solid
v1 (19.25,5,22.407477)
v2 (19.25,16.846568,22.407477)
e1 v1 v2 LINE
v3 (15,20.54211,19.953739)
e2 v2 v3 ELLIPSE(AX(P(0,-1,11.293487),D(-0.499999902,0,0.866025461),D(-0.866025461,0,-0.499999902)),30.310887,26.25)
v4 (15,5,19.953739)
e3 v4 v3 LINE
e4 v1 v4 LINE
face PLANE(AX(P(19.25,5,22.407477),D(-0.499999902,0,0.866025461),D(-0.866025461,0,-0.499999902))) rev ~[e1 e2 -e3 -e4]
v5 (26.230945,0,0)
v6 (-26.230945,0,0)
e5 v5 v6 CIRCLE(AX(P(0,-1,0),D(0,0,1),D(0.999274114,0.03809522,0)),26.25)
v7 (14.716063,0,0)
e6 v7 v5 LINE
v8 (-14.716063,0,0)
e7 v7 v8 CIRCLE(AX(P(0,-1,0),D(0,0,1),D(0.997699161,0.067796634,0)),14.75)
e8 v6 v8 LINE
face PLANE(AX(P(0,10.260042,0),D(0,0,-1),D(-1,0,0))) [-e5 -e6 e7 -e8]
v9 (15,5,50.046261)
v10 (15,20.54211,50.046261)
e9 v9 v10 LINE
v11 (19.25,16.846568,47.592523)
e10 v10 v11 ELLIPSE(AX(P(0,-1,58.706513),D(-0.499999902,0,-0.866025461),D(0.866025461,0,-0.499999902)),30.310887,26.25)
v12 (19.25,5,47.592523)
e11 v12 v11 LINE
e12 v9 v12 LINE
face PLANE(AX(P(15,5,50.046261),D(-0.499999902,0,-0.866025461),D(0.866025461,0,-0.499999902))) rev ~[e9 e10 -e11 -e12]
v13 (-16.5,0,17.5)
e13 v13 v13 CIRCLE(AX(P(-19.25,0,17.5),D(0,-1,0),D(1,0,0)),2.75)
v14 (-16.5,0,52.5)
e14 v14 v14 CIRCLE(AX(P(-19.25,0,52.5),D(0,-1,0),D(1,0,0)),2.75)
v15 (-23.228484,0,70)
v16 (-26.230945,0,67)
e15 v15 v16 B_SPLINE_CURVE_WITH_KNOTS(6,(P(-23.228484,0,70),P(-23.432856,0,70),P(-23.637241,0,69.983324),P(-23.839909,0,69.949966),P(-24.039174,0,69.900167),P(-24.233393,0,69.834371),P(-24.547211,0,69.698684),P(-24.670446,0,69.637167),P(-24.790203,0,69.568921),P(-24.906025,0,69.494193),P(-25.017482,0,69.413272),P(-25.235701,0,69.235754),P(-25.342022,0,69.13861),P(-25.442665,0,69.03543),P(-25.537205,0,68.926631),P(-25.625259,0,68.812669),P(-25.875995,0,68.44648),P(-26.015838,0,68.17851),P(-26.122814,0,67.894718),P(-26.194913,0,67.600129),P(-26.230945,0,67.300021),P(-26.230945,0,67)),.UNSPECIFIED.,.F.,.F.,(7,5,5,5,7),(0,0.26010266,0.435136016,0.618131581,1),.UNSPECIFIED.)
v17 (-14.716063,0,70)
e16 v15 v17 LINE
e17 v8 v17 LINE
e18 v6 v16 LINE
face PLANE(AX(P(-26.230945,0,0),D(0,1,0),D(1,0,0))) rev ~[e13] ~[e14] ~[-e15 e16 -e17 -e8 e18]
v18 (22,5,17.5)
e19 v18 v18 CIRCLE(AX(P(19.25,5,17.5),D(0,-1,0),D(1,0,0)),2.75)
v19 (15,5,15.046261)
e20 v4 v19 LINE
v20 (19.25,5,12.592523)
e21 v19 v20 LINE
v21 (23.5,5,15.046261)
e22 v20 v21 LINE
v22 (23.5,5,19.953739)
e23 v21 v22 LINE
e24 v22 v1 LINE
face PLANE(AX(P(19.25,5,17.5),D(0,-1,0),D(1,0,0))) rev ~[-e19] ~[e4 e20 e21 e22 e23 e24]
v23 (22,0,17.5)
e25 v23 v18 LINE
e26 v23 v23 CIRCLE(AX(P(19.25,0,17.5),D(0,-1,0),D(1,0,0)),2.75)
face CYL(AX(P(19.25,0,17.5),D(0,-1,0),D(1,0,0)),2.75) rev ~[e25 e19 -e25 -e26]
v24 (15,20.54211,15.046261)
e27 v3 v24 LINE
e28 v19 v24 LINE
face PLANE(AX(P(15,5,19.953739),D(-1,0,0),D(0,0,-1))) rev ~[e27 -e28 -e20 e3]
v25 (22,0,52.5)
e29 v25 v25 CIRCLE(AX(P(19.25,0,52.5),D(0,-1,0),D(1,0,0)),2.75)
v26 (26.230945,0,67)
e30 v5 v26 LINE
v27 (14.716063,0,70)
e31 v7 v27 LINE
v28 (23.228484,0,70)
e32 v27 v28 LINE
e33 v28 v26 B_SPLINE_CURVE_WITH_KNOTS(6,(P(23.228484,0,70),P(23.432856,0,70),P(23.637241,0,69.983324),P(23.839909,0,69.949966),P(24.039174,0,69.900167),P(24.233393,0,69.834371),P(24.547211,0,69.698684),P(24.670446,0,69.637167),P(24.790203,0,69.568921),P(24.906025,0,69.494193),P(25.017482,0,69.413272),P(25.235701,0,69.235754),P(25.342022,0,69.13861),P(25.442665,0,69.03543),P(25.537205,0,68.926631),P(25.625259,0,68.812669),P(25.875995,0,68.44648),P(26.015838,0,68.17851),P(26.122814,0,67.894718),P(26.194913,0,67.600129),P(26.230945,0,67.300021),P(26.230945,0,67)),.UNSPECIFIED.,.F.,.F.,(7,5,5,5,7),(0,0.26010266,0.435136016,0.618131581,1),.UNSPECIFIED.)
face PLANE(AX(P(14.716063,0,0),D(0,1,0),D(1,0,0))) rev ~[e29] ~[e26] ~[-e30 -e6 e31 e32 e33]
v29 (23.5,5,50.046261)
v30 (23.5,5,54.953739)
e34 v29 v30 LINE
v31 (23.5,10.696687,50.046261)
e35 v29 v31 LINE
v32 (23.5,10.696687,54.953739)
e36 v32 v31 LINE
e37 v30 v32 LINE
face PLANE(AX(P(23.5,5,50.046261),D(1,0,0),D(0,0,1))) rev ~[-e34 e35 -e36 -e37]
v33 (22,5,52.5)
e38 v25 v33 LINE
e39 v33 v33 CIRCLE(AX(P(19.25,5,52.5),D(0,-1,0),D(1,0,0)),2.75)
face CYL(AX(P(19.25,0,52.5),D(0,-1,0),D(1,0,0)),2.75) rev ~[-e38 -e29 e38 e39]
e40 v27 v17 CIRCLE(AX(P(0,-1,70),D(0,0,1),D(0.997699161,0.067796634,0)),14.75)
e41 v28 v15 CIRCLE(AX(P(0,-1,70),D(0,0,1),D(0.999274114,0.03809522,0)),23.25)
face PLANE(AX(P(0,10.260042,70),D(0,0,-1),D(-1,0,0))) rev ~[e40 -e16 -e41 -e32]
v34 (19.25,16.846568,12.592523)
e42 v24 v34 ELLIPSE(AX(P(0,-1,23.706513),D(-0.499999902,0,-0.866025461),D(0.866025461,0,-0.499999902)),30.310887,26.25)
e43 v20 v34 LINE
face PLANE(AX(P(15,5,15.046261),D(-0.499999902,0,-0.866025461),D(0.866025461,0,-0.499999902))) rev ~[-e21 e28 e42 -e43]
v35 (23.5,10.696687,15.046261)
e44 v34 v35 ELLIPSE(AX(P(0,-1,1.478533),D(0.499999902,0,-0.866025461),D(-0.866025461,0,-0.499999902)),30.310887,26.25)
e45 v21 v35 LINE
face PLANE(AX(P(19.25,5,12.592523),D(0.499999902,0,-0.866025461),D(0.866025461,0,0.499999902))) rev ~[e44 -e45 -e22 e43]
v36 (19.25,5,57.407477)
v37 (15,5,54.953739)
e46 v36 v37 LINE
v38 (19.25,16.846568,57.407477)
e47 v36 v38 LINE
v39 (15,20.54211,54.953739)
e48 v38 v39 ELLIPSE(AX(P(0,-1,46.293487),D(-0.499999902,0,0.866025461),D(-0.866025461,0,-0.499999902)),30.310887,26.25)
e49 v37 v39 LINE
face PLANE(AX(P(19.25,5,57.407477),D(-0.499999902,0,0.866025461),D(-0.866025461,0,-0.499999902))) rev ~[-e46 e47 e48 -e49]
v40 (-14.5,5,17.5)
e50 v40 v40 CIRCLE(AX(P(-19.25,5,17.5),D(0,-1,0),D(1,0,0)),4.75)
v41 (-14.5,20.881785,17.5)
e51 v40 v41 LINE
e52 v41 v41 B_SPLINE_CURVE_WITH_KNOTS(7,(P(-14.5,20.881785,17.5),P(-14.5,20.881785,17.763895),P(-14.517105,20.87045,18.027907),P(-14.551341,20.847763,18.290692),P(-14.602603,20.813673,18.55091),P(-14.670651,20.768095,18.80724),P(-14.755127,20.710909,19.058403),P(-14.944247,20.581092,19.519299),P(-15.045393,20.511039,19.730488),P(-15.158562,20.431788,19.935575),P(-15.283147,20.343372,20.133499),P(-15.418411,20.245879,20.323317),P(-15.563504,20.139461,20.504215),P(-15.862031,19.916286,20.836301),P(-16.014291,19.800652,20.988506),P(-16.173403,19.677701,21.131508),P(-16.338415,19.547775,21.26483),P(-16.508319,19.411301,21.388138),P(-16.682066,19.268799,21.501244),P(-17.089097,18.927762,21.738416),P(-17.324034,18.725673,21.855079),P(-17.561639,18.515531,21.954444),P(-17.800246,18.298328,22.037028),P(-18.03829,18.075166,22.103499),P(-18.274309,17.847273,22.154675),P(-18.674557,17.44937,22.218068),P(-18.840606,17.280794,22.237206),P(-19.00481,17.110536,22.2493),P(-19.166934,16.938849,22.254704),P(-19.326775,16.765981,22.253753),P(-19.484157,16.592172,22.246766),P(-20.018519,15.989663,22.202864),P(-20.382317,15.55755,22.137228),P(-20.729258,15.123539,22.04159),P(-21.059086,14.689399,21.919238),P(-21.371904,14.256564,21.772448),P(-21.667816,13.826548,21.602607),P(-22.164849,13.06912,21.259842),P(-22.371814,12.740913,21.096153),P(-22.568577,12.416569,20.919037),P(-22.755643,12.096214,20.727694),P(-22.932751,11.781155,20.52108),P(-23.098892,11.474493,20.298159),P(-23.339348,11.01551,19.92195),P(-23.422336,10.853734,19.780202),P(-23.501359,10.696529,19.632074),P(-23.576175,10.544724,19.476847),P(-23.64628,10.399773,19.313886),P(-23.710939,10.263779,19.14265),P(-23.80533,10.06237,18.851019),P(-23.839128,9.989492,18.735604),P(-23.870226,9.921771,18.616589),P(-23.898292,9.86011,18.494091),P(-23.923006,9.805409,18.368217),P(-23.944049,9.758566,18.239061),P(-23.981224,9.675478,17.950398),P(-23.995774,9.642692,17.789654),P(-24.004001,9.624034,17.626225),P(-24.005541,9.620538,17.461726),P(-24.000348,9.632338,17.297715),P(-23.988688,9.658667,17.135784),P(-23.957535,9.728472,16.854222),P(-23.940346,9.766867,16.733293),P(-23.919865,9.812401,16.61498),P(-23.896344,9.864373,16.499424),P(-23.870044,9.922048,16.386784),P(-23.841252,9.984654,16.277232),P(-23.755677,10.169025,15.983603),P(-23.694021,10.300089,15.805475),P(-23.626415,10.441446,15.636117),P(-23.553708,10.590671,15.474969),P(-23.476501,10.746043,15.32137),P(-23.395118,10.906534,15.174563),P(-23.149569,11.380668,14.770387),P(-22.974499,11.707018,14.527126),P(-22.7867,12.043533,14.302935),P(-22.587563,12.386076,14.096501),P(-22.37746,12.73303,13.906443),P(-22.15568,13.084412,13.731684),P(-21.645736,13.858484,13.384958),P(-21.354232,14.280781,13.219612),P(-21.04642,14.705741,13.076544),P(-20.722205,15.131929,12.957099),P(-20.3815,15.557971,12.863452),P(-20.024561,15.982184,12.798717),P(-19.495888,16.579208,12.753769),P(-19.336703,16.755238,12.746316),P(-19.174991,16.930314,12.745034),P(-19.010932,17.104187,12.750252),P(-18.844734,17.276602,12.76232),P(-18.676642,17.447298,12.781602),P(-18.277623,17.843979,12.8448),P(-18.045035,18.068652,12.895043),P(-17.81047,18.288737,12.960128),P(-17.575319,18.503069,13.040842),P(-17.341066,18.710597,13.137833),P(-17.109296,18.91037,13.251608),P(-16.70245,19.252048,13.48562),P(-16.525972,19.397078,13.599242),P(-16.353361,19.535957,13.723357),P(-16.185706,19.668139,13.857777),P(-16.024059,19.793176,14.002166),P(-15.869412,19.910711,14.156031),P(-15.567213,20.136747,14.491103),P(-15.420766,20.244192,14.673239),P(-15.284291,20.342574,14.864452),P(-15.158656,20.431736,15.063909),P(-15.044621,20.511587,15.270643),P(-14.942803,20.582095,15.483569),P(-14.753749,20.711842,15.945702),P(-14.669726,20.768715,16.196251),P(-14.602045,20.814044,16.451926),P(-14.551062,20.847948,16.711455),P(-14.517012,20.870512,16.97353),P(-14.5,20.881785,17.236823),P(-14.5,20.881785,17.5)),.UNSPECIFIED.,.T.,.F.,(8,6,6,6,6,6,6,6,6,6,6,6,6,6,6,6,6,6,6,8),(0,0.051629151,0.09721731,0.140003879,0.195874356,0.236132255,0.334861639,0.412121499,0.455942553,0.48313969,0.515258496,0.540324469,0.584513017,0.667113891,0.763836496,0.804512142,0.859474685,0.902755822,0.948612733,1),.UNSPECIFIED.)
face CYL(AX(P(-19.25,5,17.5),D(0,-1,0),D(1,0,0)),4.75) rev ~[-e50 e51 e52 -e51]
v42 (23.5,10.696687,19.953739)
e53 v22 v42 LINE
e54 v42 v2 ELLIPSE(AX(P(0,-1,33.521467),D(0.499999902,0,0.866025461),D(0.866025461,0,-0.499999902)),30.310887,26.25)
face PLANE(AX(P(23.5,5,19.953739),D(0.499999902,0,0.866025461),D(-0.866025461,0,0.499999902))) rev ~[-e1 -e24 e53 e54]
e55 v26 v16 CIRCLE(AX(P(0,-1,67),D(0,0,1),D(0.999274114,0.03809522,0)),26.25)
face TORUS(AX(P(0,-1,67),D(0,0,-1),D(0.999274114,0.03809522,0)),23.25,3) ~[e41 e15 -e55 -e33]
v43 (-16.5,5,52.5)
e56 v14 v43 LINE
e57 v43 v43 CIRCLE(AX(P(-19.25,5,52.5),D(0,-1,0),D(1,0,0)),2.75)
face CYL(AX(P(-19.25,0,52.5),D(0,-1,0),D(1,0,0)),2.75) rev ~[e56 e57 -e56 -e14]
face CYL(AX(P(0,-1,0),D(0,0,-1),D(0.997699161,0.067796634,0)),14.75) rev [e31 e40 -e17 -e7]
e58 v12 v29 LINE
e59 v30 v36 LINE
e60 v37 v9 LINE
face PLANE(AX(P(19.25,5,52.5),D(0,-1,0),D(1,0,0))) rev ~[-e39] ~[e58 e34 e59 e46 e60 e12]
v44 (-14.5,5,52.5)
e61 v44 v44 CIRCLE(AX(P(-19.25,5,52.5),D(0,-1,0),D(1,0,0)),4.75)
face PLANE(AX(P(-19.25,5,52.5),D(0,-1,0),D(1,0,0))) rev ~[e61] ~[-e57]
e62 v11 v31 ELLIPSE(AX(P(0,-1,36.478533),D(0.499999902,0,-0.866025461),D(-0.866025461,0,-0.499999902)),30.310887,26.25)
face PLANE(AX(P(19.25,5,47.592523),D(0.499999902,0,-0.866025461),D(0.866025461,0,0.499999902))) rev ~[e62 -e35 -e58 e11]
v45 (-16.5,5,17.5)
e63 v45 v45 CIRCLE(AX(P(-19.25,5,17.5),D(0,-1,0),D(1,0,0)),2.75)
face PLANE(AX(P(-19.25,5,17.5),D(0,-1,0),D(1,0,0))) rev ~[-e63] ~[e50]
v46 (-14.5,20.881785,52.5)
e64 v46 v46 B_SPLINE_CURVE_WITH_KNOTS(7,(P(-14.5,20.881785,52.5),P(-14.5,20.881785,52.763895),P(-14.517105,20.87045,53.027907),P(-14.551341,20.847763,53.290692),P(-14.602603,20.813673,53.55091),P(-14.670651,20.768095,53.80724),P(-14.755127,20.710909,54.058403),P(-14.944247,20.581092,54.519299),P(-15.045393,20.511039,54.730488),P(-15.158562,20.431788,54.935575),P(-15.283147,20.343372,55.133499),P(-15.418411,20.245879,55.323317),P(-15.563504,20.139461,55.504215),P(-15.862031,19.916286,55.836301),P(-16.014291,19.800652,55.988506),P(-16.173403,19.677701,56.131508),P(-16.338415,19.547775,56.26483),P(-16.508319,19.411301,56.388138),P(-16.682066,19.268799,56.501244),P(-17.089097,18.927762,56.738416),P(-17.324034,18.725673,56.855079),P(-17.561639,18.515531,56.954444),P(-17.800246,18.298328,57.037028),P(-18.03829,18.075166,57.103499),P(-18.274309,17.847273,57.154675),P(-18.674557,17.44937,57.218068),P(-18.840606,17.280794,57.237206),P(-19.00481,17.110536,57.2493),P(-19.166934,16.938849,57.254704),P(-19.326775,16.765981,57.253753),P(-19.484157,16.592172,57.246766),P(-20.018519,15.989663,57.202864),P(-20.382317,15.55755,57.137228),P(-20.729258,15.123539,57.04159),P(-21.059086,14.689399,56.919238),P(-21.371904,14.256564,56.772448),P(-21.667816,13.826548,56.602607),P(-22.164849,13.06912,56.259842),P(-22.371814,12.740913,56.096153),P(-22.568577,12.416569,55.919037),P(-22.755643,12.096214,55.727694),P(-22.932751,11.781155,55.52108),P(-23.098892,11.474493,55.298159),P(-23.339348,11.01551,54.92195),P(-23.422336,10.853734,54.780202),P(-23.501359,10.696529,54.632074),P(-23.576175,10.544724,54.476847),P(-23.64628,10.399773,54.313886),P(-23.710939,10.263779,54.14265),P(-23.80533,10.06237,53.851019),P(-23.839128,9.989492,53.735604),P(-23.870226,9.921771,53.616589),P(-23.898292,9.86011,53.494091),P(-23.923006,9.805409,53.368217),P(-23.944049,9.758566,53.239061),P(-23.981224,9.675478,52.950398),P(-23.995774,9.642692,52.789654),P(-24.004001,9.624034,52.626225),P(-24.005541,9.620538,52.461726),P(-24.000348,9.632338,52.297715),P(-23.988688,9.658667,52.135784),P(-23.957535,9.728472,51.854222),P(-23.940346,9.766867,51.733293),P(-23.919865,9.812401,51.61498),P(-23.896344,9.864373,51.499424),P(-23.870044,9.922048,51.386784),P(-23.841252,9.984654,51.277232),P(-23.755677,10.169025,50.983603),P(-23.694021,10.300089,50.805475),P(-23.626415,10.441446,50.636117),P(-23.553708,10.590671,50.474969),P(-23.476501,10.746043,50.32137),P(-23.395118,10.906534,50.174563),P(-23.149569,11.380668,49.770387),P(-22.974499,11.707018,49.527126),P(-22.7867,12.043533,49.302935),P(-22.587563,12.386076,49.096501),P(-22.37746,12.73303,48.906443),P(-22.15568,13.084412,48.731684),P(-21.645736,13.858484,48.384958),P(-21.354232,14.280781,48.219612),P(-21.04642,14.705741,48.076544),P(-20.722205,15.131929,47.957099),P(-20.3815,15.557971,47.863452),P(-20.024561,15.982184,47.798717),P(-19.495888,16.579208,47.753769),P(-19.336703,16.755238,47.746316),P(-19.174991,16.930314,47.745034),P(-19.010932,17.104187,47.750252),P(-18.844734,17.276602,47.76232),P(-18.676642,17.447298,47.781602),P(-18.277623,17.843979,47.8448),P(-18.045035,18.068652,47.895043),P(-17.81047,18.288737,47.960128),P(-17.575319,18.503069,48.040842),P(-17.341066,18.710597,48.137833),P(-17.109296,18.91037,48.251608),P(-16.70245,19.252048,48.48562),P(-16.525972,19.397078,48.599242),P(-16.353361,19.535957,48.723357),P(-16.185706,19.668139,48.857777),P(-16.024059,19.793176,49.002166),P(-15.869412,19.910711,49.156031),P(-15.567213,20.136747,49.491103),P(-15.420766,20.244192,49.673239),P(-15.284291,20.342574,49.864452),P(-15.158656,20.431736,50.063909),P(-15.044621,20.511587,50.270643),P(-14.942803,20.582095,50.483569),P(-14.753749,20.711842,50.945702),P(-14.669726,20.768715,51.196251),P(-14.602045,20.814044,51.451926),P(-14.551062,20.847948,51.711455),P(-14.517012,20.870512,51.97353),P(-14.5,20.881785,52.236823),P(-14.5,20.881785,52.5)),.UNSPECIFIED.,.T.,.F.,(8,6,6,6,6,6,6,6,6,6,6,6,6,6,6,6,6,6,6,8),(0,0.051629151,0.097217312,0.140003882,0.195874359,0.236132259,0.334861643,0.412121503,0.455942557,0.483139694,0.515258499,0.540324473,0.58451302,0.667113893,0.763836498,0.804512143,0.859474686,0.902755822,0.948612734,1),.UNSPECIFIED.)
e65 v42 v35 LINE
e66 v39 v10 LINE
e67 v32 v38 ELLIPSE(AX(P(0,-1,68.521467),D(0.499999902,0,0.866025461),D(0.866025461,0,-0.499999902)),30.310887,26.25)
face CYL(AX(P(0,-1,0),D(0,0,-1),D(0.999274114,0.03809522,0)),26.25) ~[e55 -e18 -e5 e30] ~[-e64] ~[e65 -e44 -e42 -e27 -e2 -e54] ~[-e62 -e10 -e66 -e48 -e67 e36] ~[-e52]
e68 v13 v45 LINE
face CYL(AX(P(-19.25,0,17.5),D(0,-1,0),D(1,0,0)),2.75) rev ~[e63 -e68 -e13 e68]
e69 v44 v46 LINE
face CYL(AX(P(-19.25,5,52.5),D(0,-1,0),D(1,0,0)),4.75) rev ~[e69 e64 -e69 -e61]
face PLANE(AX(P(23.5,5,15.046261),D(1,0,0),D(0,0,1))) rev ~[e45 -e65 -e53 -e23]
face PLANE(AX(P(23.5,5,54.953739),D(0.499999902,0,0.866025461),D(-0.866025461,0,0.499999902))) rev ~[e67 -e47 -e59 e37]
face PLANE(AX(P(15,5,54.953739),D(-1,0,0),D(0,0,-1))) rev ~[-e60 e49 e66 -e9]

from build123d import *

# Parameters (mm, degrees)
PAD_DEPTH       = 70
SKETCH001_R     = 2.75
POCKET_DEPTH    = 25.251
SKETCH002_R     = 4.75
POCKET001_DEPTH = 20.251
FILLET_R        = 3


with BuildPart() as part:
    # Sketch → Pad (new body)
    with BuildSketch(Plane.XY):
        with BuildLine():
            ThreePointArc((14.716063, 0), (0, 13.75), (-14.716063, 0))
            Line((-26.230945, 0), (-14.716063, 0))
            ThreePointArc((26.230945, 0), (0, 25.25), (-26.230945, 0))
            Line((14.716063, 0), (26.230945, 0))
        make_face()
    extrude(amount=PAD_DEPTH)

    # Sketch001 (on Face2 of Pad) → Pocket (cut, through all)
    with BuildSketch(Plane.XZ):
        with Locations((-19.25, 17.5)):
            Circle(SKETCH001_R)
        with Locations((19.25, 17.5)):
            Circle(SKETCH001_R)
        with Locations((19.25, 52.5)):
            Circle(SKETCH001_R)
        with Locations((-19.25, 52.5)):
            Circle(SKETCH001_R)
    extrude(amount=-POCKET_DEPTH, mode=Mode.SUBTRACT)

    # Sketch002 (on DatumPlane) → Pocket001 (cut, through all)
    with BuildSketch(Plane.XZ.offset(-5)):
        with Locations((-19.25, 17.5)):
            Circle(SKETCH002_R)
        with Locations((-19.25, 52.5)):
            Circle(SKETCH002_R)
        Polygon((19.25, 12.592523), (23.5, 15.046261), (23.5, 19.953739), (19.25, 22.407477), (15, 19.953739), (15, 15.046261), align=None)
        Polygon((19.25, 47.592523), (23.5, 50.046261), (23.5, 54.953739), (19.25, 57.407477), (15, 54.953739), (15, 50.046261), align=None)
    extrude(amount=-POCKET001_DEPTH, mode=Mode.SUBTRACT)

    # Fillet
    fillet_edges = [part.edges().sort_by_distance(p)[0] for p in [
        (0, 25.25, 70),
    ]]
    fillet(fillet_edges, radius=FILLET_R)


solid = part.part
